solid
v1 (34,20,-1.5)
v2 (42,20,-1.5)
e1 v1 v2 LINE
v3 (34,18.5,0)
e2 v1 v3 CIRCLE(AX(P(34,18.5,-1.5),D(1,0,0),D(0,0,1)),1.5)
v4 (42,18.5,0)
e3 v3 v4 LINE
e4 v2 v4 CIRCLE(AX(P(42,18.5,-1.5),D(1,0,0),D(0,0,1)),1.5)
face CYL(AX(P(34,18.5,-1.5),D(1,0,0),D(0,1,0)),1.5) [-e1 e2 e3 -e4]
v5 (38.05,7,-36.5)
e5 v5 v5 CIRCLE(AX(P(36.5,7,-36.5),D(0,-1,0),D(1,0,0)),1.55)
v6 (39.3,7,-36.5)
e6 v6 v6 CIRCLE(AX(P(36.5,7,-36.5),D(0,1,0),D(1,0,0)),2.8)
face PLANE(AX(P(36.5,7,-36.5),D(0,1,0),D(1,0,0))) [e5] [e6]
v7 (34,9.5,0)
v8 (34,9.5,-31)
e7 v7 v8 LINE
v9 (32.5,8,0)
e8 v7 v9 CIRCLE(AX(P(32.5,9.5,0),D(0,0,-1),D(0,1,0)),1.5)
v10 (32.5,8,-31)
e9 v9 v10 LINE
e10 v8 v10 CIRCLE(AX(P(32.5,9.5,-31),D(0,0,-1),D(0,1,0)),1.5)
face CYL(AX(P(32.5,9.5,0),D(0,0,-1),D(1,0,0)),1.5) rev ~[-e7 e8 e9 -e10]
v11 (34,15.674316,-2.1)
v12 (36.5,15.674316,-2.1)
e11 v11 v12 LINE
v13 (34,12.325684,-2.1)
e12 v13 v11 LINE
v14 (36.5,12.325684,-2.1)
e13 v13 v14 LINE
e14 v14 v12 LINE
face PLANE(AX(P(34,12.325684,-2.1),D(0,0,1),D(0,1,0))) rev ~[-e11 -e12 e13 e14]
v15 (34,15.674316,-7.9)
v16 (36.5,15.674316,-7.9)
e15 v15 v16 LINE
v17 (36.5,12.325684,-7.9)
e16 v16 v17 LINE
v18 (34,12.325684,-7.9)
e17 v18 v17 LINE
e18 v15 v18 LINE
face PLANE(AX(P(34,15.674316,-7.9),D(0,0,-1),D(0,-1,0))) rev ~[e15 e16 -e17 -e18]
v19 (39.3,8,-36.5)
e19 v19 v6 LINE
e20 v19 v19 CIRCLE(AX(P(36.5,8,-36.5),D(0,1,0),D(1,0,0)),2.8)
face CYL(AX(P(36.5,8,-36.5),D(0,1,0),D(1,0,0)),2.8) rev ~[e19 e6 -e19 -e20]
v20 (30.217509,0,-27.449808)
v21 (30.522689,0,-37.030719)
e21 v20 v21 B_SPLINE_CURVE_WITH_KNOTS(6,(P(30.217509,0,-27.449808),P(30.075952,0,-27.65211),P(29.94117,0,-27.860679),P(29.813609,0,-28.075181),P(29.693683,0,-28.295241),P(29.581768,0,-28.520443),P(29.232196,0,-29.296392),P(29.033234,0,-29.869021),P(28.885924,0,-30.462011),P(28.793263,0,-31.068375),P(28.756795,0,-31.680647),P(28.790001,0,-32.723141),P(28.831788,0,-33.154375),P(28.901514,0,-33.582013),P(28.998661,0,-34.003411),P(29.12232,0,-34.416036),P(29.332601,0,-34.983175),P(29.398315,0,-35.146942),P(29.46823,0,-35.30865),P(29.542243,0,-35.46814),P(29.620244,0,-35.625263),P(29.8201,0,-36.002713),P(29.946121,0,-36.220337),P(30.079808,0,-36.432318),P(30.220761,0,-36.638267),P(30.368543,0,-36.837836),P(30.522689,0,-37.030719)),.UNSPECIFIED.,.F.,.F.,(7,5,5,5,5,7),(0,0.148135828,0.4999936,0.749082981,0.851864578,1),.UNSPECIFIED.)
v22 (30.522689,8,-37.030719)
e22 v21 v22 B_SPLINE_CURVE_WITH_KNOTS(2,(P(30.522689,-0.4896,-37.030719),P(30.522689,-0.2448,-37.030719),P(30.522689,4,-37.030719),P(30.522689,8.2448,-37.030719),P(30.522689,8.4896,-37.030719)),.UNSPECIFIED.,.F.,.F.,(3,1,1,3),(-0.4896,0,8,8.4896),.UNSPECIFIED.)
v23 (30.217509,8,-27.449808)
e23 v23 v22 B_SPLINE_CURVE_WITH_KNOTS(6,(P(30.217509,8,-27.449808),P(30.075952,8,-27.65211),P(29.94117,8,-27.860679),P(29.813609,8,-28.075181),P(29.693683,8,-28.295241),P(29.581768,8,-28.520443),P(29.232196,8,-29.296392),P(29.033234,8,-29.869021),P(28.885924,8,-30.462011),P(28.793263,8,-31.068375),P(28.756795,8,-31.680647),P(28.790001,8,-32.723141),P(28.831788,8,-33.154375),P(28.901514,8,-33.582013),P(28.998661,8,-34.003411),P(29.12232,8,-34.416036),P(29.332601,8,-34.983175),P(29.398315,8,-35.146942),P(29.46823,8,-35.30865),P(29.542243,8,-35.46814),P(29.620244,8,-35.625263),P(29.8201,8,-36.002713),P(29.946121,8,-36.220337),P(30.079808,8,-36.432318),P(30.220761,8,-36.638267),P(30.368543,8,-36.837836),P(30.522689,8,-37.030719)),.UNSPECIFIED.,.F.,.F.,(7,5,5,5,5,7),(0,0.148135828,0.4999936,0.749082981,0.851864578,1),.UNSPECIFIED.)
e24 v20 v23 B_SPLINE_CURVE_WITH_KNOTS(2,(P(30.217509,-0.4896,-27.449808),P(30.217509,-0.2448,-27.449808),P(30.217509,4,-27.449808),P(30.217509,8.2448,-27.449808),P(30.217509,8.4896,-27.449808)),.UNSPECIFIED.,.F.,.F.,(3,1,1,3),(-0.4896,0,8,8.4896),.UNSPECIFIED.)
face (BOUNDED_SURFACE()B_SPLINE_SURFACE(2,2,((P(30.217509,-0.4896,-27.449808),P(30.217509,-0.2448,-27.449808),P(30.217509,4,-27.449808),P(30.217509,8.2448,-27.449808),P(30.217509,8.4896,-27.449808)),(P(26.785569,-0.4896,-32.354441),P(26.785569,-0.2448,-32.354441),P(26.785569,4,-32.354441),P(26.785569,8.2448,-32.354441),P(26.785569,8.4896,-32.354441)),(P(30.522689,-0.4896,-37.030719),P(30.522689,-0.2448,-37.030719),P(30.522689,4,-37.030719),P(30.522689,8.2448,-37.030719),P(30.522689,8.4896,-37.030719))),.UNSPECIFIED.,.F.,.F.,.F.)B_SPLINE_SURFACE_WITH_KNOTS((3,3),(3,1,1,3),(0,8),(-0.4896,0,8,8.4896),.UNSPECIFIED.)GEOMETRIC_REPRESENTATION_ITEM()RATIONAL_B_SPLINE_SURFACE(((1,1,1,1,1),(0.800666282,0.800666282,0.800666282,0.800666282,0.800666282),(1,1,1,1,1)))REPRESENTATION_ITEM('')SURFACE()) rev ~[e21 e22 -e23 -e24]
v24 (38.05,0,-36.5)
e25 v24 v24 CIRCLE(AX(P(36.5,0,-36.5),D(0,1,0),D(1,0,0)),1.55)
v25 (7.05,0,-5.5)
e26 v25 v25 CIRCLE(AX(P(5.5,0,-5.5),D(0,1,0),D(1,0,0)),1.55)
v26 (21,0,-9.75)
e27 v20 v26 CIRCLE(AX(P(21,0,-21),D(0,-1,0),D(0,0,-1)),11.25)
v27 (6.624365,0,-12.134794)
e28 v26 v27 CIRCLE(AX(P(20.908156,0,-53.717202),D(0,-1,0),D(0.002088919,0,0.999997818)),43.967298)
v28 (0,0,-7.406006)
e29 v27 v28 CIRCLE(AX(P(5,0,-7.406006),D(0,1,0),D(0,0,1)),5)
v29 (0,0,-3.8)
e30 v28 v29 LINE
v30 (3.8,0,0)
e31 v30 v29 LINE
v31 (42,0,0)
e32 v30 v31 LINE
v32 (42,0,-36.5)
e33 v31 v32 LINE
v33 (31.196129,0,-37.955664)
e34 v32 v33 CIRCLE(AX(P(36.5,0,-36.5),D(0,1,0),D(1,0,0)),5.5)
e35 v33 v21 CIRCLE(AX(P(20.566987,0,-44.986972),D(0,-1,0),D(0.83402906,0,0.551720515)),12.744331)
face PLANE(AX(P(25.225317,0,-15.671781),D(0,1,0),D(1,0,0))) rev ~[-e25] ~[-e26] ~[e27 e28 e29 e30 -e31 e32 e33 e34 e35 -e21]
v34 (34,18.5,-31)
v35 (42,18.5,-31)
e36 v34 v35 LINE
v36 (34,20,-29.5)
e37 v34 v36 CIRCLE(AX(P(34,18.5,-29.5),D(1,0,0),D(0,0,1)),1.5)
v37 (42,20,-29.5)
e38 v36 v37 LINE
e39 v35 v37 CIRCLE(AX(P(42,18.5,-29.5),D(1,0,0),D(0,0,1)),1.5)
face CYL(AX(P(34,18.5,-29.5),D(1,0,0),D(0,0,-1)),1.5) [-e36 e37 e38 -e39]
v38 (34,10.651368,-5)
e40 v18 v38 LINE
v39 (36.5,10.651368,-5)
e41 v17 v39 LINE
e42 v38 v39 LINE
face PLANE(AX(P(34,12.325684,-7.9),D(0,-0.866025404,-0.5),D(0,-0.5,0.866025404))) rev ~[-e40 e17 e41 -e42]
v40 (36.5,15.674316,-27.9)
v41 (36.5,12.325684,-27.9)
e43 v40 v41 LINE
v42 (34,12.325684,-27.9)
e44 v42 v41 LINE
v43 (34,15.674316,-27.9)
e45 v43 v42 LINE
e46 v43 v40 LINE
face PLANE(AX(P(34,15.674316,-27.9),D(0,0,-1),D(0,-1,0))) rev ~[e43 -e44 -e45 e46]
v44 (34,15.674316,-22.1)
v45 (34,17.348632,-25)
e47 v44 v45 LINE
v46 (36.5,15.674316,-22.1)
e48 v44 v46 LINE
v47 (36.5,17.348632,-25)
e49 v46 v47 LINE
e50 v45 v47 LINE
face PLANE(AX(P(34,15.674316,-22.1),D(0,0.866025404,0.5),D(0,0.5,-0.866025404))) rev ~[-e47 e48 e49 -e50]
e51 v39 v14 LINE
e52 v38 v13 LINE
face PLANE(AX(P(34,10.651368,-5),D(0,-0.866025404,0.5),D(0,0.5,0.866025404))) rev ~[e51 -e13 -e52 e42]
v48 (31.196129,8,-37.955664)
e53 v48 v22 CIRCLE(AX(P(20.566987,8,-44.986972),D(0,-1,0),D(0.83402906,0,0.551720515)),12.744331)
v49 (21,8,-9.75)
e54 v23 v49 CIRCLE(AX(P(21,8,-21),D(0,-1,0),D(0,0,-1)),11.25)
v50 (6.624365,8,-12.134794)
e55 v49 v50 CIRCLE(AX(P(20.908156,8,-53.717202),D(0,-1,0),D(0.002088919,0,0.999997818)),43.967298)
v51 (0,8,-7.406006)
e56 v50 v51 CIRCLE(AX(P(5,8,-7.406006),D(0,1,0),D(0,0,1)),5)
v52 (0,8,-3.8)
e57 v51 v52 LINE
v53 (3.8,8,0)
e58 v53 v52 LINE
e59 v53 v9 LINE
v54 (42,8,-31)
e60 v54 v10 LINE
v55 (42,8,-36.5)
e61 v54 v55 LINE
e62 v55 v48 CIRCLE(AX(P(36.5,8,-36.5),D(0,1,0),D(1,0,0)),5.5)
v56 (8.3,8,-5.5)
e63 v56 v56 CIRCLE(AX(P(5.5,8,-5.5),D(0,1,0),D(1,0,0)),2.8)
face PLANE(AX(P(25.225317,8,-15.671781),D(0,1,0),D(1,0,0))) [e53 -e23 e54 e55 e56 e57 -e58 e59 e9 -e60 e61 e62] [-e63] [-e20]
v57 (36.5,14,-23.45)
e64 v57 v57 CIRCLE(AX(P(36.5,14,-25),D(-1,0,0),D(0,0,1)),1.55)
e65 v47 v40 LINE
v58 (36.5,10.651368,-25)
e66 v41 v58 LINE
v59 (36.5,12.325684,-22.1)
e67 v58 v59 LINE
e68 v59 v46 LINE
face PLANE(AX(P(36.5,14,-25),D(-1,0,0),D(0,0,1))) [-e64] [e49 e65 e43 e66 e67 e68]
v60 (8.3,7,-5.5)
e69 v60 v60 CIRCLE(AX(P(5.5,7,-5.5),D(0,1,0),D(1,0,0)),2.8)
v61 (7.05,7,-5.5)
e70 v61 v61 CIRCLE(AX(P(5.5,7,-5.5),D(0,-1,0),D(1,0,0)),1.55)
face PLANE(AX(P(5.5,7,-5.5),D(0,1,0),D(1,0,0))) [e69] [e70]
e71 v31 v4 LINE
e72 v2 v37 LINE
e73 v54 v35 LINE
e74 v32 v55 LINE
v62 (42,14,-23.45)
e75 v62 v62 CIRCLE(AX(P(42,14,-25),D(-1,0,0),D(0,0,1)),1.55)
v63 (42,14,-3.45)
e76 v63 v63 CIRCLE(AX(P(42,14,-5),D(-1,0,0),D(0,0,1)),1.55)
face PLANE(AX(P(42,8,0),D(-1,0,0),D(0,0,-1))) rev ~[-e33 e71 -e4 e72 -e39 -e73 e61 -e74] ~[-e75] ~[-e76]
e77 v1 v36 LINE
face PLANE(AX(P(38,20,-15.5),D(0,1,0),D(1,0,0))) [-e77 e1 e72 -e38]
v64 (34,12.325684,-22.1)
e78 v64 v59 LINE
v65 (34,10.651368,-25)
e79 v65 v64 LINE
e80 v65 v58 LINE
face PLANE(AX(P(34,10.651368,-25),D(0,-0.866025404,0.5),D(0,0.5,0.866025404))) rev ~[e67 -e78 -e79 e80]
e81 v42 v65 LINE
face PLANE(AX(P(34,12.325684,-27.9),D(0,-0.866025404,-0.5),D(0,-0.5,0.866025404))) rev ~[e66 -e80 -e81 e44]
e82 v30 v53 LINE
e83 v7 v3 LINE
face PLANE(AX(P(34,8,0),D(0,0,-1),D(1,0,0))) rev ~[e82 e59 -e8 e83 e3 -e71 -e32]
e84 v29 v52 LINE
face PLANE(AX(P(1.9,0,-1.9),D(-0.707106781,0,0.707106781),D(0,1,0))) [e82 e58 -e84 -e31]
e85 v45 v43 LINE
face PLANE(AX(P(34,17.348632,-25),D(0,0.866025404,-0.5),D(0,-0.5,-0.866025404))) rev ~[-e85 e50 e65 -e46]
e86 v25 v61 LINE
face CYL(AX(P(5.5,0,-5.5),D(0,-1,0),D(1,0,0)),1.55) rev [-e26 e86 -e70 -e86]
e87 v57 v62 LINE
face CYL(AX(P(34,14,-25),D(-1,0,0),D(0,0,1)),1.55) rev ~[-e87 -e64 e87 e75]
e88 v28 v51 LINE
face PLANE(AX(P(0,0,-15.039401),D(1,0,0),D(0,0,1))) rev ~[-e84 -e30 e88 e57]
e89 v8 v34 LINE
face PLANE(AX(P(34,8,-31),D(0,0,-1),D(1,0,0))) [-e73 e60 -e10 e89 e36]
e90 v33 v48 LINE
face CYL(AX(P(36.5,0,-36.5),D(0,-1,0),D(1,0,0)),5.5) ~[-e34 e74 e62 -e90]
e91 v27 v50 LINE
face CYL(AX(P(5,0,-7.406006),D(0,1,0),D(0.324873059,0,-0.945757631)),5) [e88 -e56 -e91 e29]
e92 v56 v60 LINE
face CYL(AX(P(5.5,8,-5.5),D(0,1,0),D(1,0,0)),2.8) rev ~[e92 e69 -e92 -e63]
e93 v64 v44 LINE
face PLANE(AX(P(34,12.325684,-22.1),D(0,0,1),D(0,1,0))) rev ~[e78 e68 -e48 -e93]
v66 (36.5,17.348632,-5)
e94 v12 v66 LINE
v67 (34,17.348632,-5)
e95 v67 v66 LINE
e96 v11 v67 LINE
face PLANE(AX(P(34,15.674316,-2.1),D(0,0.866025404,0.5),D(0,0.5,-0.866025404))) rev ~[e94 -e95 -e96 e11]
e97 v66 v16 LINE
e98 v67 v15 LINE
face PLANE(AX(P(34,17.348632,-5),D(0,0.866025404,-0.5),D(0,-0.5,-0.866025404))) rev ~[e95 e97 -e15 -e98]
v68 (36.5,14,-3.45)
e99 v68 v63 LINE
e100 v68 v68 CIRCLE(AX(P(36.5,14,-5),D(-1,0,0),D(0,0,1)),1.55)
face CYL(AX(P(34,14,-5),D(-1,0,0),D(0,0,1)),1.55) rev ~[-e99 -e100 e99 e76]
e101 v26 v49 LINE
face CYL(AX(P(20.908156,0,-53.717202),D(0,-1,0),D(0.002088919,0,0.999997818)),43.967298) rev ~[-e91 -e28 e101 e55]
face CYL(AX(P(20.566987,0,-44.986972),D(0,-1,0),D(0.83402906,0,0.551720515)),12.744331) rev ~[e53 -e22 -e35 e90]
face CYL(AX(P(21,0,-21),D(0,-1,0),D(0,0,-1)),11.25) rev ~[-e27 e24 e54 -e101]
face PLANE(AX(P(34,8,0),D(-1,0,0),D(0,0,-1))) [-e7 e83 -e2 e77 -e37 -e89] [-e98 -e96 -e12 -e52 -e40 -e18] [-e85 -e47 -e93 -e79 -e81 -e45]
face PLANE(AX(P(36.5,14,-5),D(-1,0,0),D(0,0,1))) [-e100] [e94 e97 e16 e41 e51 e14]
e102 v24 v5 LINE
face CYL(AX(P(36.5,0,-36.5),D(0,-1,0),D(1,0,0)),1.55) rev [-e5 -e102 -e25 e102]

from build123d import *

# Parameters (mm, degrees)
CROQUIS1_R              = 1.55
SALIENTE_EXTRUIR2_DEPTH = 8
REDONDEO1_R             = 8
REDONDEO2_R             = 5
CROQUIS2_R              = 2.8
CORTAR_EXTRUIR1_DEPTH   = 1
CROQUIS3_W              = 8
CROQUIS3_H              = 31
SALIENTE_EXTRUIR3_DEPTH = 12
CROQUIS4_R              = 1.55
CORTAR_EXTRUIR2_DEPTH   = 8
CORTAR_EXTRUIR3_DEPTH   = 2.5
REDONDEO3_R             = 1.5
REDONDEO4_R             = 1.5
CHAFL_N1_SIZE           = 3.8


with BuildPart() as part:
    # Croquis1 → Saliente-Extruir2 (new body)
    with BuildSketch(Plane(origin=(0, 0, 0), x_dir=(1, 0, 0), z_dir=(0, 1, 0))):
        with BuildLine():
            Line((0, 0), (42, 0))
            Line((42, 0), (42, 36.5))
            ThreePointArc((42, 36.5), (37.234408514, 41.950747117), (31.196129406, 37.95566367))
            ThreePointArc((31.196129406, 37.95566367), (26.790448284, 33.865529217), (21, 32.25))
            ThreePointArc((21, 32.25), (32.25, 21), (21, 9.75))
            ThreePointArc((21, 9.75), (10.169247694, 11.081546284), (0, 15.039400798))
            Line((0, 15.039400798), (0, 0))
        make_face()
        with Locations((36.5, 36.5)):
            Circle(CROQUIS1_R, mode=Mode.SUBTRACT)
        with Locations((5.5, 5.5)):
            Circle(CROQUIS1_R, mode=Mode.SUBTRACT)
    extrude(amount=SALIENTE_EXTRUIR2_DEPTH)

    # Redondeo1
    redondeo1_edges = [part.edges().sort_by_distance(p)[0] for p in [
        (21, 4, -32.25),
    ]]
    fillet(redondeo1_edges, radius=REDONDEO1_R)

    # Redondeo2
    redondeo2_edges = [part.edges().sort_by_distance(p)[0] for p in [
        (0, 4, -15.039400798),
    ]]
    fillet(redondeo2_edges, radius=REDONDEO2_R)

    # Croquis2 → Cortar-Extruir1 (cut)
    with BuildSketch(Plane(origin=(0, 8, 0), x_dir=(1, 0, 0), z_dir=(0, 1, 0))):
        with Locations((36.5, 36.5)):
            Circle(CROQUIS2_R)
        with Locations((5.5, 5.5)):
            Circle(CROQUIS2_R)
    extrude(amount=-CORTAR_EXTRUIR1_DEPTH, mode=Mode.SUBTRACT)

    # Croquis3 → Saliente-Extruir3 (add)
    with BuildSketch(Plane(origin=(0, 8, 0), x_dir=(1, 0, 0), z_dir=(0, 1, 0))):
        with Locations((38, 15.5)):
            Rectangle(CROQUIS3_W, CROQUIS3_H)
    extrude(amount=SALIENTE_EXTRUIR3_DEPTH)

    # Croquis4 → Cortar-Extruir2 (cut)
    with BuildSketch(Plane.ZY.offset(-34)):
        with Locations((-25, 14)):
            Circle(CROQUIS4_R)
        with Locations((-5, 14)):
            Circle(CROQUIS4_R)
    extrude(amount=-CORTAR_EXTRUIR2_DEPTH, mode=Mode.SUBTRACT)

    # Croquis5 → Cortar-Extruir3 (cut)
    with BuildSketch(Plane.ZY.offset(-34)):
        Polygon((-25, 17.348631561), (-27.9, 15.674315781), (-27.9, 12.325684219), (-25, 10.651368439), (-22.1, 12.325684219), (-22.1, 15.674315781), align=None)
        Polygon((-5, 17.348631561), (-7.9, 15.674315781), (-7.9, 12.325684219), (-5, 10.651368439), (-2.1, 12.325684219), (-2.1, 15.674315781), align=None)
    extrude(amount=-CORTAR_EXTRUIR3_DEPTH, mode=Mode.SUBTRACT)

    # Redondeo3
    redondeo3_edges = [part.edges().sort_by_distance(p)[0] for p in [
        (34, 8, -15.5),
    ]]
    fillet(redondeo3_edges, radius=REDONDEO3_R)

    # Redondeo4
    redondeo4_edges = [part.edges().sort_by_distance(p)[0] for p in [
        (38, 20, -31),
        (38, 20, 0),
    ]]
    fillet(redondeo4_edges, radius=REDONDEO4_R)

    # Chaflán1
    chafl_n1_edges = [part.edges().sort_by_distance(p)[0] for p in [
        (0, 4, 0),
    ]]
    chamfer(chafl_n1_edges, length=CHAFL_N1_SIZE)


solid = part.part
